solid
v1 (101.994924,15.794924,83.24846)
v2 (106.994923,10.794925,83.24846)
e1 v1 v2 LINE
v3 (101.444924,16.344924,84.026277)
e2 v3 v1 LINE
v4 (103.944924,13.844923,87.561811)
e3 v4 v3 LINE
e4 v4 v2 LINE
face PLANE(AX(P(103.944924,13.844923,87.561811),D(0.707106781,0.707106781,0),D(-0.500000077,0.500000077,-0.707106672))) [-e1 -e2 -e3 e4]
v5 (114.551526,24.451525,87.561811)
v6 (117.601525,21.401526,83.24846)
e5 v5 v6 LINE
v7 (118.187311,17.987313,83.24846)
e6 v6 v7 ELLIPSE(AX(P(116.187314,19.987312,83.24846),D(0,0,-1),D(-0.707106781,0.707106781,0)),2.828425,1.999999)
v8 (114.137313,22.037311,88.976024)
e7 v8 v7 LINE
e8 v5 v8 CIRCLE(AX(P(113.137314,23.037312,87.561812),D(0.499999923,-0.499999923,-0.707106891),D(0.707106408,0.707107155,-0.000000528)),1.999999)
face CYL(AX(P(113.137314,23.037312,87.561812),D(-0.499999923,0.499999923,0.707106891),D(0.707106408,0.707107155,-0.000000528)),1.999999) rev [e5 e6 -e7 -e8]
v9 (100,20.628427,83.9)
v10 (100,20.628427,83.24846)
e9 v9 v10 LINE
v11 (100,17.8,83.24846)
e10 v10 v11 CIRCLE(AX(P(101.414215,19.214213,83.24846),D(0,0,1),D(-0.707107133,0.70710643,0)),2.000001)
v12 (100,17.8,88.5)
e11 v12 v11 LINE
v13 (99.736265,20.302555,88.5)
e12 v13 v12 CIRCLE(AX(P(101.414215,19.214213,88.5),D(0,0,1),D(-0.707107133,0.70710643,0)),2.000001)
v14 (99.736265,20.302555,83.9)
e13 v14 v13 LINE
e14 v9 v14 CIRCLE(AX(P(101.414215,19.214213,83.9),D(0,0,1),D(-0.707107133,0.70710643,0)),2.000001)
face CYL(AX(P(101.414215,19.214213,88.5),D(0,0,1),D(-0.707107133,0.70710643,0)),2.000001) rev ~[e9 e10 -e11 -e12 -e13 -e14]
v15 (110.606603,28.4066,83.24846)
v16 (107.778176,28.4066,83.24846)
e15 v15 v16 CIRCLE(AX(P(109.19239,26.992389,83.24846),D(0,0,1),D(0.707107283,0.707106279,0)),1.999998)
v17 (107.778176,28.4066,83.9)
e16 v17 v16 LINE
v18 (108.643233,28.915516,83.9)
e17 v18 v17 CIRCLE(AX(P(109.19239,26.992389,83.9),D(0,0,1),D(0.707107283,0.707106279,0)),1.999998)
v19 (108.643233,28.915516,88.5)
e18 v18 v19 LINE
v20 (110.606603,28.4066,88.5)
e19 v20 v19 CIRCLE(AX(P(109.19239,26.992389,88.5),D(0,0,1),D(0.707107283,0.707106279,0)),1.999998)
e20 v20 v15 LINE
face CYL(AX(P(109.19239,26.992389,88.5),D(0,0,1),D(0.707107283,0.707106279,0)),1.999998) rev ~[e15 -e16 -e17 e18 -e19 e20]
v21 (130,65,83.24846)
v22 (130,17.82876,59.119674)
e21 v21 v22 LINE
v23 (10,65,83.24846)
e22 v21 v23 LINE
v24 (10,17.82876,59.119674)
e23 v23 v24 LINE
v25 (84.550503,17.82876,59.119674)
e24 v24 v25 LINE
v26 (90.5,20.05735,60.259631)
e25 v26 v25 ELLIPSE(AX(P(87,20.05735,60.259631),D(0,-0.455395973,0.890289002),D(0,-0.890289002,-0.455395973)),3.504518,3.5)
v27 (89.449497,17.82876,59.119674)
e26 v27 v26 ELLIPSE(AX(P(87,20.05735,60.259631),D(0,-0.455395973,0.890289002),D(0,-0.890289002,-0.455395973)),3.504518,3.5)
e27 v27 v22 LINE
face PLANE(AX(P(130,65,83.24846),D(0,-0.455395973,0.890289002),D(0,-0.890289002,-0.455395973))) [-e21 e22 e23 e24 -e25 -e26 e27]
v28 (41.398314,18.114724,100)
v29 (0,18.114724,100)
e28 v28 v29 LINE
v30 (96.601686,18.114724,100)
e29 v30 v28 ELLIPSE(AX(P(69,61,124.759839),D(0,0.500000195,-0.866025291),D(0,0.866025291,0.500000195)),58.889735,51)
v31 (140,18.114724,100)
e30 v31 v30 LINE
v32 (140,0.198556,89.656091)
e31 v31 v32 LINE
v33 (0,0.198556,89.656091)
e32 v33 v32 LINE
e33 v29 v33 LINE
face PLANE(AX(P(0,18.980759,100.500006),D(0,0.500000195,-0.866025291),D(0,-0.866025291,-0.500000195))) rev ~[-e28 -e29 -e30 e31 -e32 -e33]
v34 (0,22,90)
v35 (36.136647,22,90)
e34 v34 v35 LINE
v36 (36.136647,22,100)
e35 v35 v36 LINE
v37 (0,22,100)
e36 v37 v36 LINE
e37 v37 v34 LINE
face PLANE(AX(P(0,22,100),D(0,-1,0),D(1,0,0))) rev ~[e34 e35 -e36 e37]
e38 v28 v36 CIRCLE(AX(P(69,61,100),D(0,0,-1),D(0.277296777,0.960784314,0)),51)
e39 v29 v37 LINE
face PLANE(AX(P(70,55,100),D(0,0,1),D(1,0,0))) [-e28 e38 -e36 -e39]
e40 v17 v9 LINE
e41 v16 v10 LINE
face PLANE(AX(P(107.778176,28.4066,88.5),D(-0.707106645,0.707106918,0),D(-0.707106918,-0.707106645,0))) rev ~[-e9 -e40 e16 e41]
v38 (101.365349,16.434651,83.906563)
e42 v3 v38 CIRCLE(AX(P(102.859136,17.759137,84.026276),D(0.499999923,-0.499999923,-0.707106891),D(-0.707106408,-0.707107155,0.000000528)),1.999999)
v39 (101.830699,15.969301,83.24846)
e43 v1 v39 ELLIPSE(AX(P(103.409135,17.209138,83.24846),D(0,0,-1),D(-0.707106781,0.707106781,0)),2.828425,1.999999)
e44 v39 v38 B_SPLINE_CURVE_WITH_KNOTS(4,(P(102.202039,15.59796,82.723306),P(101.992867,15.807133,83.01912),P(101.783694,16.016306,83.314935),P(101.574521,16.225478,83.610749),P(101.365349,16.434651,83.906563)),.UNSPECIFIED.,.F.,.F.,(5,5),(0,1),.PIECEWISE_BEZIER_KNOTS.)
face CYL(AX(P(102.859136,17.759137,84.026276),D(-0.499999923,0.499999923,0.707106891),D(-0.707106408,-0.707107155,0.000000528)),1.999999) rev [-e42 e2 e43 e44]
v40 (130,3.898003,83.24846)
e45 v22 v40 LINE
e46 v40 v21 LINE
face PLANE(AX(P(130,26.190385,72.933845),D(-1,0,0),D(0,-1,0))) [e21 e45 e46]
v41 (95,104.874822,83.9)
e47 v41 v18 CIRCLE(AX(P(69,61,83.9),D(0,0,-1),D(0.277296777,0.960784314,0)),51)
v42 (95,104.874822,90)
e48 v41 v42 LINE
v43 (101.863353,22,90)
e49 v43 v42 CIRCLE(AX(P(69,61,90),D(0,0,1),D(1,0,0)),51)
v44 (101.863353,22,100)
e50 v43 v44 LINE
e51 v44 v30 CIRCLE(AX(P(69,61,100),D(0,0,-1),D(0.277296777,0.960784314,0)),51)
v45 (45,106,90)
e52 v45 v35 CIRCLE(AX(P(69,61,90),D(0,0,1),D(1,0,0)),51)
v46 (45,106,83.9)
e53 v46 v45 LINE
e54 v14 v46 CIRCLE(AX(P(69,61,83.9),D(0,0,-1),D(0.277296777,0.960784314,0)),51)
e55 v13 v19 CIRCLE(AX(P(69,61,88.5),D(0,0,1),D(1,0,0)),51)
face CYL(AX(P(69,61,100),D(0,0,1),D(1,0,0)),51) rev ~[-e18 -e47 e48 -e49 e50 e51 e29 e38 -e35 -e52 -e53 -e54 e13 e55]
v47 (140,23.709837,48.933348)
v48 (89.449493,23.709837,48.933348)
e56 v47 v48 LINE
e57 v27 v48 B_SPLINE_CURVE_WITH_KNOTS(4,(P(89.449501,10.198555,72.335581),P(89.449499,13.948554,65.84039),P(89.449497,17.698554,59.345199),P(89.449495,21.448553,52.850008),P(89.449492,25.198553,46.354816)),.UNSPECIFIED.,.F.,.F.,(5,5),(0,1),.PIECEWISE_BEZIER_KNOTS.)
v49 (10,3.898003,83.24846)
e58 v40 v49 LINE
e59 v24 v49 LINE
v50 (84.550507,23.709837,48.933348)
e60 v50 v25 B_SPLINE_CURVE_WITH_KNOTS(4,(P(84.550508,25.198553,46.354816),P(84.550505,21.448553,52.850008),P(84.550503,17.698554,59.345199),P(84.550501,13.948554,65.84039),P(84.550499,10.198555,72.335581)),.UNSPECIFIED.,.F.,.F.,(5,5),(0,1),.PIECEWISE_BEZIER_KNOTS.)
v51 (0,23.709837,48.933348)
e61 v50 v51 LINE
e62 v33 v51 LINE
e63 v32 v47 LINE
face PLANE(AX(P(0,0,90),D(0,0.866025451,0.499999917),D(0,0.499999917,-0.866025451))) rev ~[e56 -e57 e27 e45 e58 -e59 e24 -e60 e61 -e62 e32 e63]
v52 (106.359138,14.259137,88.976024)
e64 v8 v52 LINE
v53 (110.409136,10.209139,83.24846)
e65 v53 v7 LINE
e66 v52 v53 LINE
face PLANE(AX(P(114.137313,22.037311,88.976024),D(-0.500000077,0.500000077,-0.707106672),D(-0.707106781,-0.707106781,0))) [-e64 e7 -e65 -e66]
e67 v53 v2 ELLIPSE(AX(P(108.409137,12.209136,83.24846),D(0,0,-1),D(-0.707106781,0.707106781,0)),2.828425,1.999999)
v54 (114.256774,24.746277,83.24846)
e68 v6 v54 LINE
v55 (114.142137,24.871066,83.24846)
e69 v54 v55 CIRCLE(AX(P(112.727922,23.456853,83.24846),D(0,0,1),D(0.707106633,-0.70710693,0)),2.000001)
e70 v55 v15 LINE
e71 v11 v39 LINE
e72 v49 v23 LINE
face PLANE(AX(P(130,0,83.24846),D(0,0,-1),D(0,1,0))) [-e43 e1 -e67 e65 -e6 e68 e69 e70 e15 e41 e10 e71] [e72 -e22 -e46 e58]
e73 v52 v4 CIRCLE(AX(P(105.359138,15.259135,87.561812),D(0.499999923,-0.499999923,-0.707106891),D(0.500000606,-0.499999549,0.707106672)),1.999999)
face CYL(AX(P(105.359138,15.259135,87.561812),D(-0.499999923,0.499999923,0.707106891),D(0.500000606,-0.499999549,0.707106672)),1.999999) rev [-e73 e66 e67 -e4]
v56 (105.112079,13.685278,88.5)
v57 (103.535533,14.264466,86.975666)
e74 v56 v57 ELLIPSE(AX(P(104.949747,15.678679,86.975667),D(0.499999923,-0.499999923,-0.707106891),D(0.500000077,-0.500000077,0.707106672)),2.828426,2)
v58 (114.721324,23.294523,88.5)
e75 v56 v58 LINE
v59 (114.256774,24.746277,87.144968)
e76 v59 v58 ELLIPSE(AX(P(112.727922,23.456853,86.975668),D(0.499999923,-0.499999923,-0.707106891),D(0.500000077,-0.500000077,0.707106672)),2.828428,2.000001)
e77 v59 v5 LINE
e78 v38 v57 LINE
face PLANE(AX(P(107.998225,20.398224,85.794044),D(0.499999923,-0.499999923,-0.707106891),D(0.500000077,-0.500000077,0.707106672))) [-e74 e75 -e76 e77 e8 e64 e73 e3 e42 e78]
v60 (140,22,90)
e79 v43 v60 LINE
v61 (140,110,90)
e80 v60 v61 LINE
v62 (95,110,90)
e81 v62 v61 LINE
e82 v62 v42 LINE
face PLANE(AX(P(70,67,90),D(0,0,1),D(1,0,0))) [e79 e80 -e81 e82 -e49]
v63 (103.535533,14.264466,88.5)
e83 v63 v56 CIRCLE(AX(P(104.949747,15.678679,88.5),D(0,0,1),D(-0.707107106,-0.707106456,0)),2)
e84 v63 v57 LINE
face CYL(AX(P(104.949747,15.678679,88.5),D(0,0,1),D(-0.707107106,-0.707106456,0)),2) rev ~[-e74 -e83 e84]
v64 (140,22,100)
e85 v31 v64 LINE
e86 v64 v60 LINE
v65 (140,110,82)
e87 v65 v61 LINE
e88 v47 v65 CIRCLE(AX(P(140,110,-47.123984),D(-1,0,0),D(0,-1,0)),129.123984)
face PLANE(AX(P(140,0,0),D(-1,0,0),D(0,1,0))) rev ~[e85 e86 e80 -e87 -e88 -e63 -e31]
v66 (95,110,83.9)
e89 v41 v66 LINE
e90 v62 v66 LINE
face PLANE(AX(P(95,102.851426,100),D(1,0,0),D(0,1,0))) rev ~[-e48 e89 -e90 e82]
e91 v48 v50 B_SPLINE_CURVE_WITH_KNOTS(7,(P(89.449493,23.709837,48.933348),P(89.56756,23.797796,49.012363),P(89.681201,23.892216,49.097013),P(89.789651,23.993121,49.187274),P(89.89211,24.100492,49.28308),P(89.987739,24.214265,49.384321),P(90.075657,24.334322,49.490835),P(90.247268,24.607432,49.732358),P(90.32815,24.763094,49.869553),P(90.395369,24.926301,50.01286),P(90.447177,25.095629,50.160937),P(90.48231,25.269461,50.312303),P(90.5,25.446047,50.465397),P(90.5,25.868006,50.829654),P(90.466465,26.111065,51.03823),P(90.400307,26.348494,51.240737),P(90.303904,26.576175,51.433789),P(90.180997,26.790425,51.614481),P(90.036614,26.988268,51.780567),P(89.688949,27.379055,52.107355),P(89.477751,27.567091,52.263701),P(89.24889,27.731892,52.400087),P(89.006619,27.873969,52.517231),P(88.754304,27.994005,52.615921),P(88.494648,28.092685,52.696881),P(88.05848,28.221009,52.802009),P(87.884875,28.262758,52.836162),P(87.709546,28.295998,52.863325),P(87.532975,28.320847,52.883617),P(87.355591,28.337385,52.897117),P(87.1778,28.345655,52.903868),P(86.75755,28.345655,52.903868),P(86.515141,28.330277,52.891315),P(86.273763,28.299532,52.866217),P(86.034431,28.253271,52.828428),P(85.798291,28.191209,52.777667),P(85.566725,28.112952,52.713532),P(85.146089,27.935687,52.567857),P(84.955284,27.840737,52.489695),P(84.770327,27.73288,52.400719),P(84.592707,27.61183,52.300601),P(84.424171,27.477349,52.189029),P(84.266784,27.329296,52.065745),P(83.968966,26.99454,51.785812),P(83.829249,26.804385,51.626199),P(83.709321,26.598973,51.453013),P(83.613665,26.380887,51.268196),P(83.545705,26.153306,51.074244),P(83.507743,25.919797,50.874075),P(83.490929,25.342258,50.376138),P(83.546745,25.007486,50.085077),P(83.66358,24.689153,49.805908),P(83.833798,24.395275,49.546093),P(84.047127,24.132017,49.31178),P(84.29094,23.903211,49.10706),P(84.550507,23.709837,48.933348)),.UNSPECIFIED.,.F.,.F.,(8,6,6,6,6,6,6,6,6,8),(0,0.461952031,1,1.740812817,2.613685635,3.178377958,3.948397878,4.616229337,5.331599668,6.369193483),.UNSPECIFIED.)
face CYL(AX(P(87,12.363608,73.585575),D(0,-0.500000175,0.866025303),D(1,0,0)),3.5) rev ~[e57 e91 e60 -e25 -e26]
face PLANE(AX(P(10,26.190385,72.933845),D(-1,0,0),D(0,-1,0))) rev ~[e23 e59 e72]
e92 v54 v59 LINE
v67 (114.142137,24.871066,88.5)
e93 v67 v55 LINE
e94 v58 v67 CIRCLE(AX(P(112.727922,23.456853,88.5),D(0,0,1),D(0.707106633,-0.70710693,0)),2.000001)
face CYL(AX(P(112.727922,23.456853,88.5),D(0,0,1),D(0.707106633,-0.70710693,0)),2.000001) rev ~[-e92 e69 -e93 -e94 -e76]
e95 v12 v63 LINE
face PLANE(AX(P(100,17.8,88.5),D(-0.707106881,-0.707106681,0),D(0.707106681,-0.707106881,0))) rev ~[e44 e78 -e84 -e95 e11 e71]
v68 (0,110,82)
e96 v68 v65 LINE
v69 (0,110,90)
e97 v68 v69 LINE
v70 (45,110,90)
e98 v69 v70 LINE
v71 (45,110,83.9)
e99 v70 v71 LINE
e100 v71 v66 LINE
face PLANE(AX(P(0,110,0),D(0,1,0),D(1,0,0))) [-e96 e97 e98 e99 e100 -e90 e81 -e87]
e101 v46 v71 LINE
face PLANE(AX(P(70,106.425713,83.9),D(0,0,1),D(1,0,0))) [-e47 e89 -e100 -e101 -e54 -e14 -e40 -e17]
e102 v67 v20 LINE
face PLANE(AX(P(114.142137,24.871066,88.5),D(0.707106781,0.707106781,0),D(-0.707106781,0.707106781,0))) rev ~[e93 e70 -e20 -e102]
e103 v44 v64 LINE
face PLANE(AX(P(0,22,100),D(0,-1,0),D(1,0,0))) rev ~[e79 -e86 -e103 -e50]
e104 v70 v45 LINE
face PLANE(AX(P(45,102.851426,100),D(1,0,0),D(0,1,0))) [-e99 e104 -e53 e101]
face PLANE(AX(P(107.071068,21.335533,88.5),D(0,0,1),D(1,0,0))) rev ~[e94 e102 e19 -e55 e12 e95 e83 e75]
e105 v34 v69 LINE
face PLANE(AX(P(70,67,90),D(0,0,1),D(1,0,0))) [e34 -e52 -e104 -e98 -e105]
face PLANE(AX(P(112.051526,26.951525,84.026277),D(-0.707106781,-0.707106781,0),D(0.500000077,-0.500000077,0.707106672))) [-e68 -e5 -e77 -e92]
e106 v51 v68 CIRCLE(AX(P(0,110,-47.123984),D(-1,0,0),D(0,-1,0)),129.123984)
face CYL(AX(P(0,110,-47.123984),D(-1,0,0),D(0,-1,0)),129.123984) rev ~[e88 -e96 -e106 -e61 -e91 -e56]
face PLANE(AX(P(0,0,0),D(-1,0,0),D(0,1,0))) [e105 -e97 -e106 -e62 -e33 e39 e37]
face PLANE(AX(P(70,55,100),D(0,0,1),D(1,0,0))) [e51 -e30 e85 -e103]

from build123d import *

# Parameters (mm, degrees)
SKETCH_W        = 140
SKETCH_H        = 110
PAD_DEPTH       = 100
SKETCH001_R     = 51
POCKET_DEPTH    = 16.1
SKETCH002_W     = 50
SKETCH002_H     = 7.148574
POCKET001_DEPTH = 16.1
SKETCH003_W     = 140
SKETCH003_H     = 90
POCKET002_DEPTH = 10
POCKET004_DEPTH = 140.001
POCKET005_DEPTH = 140
SKETCH007_R     = 129.123984
POCKET006_DEPTH = 140.001
POCKET007_DEPTH = 140.001
POCKET008_START = -1.5
POCKET008_DEPTH = 5.6
POCKET010_START = -10
POCKET010_DEPTH = 120
POCKET011_DEPTH = 52.16617
POCKET012_START = -20
SKETCH012_R     = 3.5
POCKET012_DEPTH = 30


with BuildPart() as part:
    # Sketch → Pad (new body)
    with BuildSketch(Plane.XY):
        with Locations((70, 55)):
            Rectangle(SKETCH_W, SKETCH_H)
    extrude(amount=PAD_DEPTH)

    # Sketch001 (on Face6 of Pad) → Pocket (cut)
    with BuildSketch(Plane.XY.offset(100)):
        with Locations((69, 61)):
            Circle(SKETCH001_R)
    extrude(amount=-POCKET_DEPTH, mode=Mode.SUBTRACT)

    # Sketch002 (on Face5 of Pocket) → Pocket001 (cut)
    with BuildSketch(Plane.XY.offset(100)):
        with Locations((70, 106.425713)):
            Rectangle(SKETCH002_W, SKETCH002_H)
    extrude(amount=-POCKET001_DEPTH, mode=Mode.SUBTRACT)

    # Sketch003 (on Face5 of Pocket001) → Pocket002 (cut)
    with BuildSketch(Plane.XY.offset(100)):
        with Locations((70, 67)):
            Rectangle(SKETCH003_W, SKETCH003_H)
    extrude(amount=-POCKET002_DEPTH, mode=Mode.SUBTRACT)

    # Sketch005 (on Face2 of Pocket002) → Pocket004 (cut, through all)
    with BuildSketch(Plane(origin=(0, 0, 0), x_dir=(0, -1, 0), z_dir=(-1, 0, 0))):
        Polygon((-18.980759, 100.500006), (7, 85.5), (7, 100.500006), align=None)
    extrude(amount=-POCKET004_DEPTH, mode=Mode.SUBTRACT)

    # Sketch006 (on Face5 of Pocket004) → Pocket005 (cut)
    with BuildSketch(Plane(origin=(0, 0, 0), x_dir=(0, -1, 0), z_dir=(-1, 0, 0))):
        Polygon((-110, 82), (0, 18.491437), (0, 0), (-110, 0), align=None)
    extrude(amount=-POCKET005_DEPTH, mode=Mode.SUBTRACT)

    # Sketch007 (on Face5 of Pocket005) → Pocket006 (cut, through all)
    with BuildSketch(Plane(origin=(0, 0, 0), x_dir=(0, -1, 0), z_dir=(-1, 0, 0))):
        with Locations((-110, -47.123984)):
            Circle(SKETCH007_R)
    extrude(amount=-POCKET006_DEPTH, mode=Mode.SUBTRACT)

    # Sketch008 (on Face5 of Pocket006) → Pocket007 (cut, through all)
    with BuildSketch(Plane(origin=(0, 0, 0), x_dir=(0, -1, 0), z_dir=(-1, 0, 0))):
        Polygon((0, 0), (0, 90), (-29.999995, 38.038473), align=None)
    extrude(amount=-POCKET007_DEPTH, mode=Mode.SUBTRACT)

    # Sketch009 (on Face10 of Pocket007) → Pocket008 (cut)
    with BuildSketch(Plane.XY.offset(90).offset(POCKET008_START)):
        with BuildLine():
            Line((106.36396, 14.264465), (114.142136, 22.042638))
            ThreePointArc((114.142136, 22.042638), (114.727923, 23.456852), (114.142137, 24.871066))
            Line((114.142137, 24.871066), (110.606603, 28.4066))
            ThreePointArc((110.606603, 28.4066), (109.19239, 28.992387), (107.778176, 28.4066))
            Line((107.778176, 28.4066), (100, 20.628427))
            ThreePointArc((100, 20.628427), (99.414214, 19.214214), (100, 17.8))
            Line((100, 17.8), (103.535533, 14.264466))
            ThreePointArc((103.535533, 14.264466), (104.949747, 13.678679), (106.36396, 14.264465))
        make_face()
    extrude(amount=-POCKET008_DEPTH, mode=Mode.SUBTRACT)

    # Sketch010 → Pocket010 (cut)
    with BuildSketch(Plane.YZ.offset(140).offset(POCKET010_START)):
        Polygon((0, 83.24846), (65, 83.24846), (0, 50), align=None)
    extrude(amount=-POCKET010_DEPTH, mode=Mode.SUBTRACT)

    # Sketch011 (on DatumPlane) → Pocket011 (cut, through all)
    with BuildSketch(Plane(origin=(42, -42, 83.24846), x_dir=(0.5, -0.5, 0.707107), z_dir=(0.5, -0.5, -0.707107))):
        with BuildLine():
            Line((8.1, -96.29), (8.1, -85.29))
            ThreePointArc((8.1, -85.29), (7.514214, -83.875786), (6.1, -83.29))
            Line((6.1, -83.29), (1.1, -83.29))
            ThreePointArc((1.1, -83.29), (-0.314214, -83.875786), (-0.9, -85.29))
            Line((-0.9, -85.29), (-0.9, -96.29))
            ThreePointArc((-0.9, -96.29), (-0.314214, -97.704214), (1.1, -98.29))
            Line((1.1, -98.29), (6.1, -98.29))
            ThreePointArc((6.1, -98.29), (7.514214, -97.704214), (8.1, -96.29))
        make_face()
    extrude(amount=POCKET011_DEPTH, mode=Mode.SUBTRACT)

    # Sketch012 (on Face13 of Pocket011) → Pocket012 (cut)
    with BuildSketch(Plane(origin=(0, -38.772597, 67.156073), x_dir=(1, 0, 0), z_dir=(0, -0.5, 0.866025)).offset(POCKET012_START)):
        with Locations((87, 47.5)):
            Circle(SKETCH012_R)
    extrude(amount=-POCKET012_DEPTH, mode=Mode.SUBTRACT)


solid = part.part
